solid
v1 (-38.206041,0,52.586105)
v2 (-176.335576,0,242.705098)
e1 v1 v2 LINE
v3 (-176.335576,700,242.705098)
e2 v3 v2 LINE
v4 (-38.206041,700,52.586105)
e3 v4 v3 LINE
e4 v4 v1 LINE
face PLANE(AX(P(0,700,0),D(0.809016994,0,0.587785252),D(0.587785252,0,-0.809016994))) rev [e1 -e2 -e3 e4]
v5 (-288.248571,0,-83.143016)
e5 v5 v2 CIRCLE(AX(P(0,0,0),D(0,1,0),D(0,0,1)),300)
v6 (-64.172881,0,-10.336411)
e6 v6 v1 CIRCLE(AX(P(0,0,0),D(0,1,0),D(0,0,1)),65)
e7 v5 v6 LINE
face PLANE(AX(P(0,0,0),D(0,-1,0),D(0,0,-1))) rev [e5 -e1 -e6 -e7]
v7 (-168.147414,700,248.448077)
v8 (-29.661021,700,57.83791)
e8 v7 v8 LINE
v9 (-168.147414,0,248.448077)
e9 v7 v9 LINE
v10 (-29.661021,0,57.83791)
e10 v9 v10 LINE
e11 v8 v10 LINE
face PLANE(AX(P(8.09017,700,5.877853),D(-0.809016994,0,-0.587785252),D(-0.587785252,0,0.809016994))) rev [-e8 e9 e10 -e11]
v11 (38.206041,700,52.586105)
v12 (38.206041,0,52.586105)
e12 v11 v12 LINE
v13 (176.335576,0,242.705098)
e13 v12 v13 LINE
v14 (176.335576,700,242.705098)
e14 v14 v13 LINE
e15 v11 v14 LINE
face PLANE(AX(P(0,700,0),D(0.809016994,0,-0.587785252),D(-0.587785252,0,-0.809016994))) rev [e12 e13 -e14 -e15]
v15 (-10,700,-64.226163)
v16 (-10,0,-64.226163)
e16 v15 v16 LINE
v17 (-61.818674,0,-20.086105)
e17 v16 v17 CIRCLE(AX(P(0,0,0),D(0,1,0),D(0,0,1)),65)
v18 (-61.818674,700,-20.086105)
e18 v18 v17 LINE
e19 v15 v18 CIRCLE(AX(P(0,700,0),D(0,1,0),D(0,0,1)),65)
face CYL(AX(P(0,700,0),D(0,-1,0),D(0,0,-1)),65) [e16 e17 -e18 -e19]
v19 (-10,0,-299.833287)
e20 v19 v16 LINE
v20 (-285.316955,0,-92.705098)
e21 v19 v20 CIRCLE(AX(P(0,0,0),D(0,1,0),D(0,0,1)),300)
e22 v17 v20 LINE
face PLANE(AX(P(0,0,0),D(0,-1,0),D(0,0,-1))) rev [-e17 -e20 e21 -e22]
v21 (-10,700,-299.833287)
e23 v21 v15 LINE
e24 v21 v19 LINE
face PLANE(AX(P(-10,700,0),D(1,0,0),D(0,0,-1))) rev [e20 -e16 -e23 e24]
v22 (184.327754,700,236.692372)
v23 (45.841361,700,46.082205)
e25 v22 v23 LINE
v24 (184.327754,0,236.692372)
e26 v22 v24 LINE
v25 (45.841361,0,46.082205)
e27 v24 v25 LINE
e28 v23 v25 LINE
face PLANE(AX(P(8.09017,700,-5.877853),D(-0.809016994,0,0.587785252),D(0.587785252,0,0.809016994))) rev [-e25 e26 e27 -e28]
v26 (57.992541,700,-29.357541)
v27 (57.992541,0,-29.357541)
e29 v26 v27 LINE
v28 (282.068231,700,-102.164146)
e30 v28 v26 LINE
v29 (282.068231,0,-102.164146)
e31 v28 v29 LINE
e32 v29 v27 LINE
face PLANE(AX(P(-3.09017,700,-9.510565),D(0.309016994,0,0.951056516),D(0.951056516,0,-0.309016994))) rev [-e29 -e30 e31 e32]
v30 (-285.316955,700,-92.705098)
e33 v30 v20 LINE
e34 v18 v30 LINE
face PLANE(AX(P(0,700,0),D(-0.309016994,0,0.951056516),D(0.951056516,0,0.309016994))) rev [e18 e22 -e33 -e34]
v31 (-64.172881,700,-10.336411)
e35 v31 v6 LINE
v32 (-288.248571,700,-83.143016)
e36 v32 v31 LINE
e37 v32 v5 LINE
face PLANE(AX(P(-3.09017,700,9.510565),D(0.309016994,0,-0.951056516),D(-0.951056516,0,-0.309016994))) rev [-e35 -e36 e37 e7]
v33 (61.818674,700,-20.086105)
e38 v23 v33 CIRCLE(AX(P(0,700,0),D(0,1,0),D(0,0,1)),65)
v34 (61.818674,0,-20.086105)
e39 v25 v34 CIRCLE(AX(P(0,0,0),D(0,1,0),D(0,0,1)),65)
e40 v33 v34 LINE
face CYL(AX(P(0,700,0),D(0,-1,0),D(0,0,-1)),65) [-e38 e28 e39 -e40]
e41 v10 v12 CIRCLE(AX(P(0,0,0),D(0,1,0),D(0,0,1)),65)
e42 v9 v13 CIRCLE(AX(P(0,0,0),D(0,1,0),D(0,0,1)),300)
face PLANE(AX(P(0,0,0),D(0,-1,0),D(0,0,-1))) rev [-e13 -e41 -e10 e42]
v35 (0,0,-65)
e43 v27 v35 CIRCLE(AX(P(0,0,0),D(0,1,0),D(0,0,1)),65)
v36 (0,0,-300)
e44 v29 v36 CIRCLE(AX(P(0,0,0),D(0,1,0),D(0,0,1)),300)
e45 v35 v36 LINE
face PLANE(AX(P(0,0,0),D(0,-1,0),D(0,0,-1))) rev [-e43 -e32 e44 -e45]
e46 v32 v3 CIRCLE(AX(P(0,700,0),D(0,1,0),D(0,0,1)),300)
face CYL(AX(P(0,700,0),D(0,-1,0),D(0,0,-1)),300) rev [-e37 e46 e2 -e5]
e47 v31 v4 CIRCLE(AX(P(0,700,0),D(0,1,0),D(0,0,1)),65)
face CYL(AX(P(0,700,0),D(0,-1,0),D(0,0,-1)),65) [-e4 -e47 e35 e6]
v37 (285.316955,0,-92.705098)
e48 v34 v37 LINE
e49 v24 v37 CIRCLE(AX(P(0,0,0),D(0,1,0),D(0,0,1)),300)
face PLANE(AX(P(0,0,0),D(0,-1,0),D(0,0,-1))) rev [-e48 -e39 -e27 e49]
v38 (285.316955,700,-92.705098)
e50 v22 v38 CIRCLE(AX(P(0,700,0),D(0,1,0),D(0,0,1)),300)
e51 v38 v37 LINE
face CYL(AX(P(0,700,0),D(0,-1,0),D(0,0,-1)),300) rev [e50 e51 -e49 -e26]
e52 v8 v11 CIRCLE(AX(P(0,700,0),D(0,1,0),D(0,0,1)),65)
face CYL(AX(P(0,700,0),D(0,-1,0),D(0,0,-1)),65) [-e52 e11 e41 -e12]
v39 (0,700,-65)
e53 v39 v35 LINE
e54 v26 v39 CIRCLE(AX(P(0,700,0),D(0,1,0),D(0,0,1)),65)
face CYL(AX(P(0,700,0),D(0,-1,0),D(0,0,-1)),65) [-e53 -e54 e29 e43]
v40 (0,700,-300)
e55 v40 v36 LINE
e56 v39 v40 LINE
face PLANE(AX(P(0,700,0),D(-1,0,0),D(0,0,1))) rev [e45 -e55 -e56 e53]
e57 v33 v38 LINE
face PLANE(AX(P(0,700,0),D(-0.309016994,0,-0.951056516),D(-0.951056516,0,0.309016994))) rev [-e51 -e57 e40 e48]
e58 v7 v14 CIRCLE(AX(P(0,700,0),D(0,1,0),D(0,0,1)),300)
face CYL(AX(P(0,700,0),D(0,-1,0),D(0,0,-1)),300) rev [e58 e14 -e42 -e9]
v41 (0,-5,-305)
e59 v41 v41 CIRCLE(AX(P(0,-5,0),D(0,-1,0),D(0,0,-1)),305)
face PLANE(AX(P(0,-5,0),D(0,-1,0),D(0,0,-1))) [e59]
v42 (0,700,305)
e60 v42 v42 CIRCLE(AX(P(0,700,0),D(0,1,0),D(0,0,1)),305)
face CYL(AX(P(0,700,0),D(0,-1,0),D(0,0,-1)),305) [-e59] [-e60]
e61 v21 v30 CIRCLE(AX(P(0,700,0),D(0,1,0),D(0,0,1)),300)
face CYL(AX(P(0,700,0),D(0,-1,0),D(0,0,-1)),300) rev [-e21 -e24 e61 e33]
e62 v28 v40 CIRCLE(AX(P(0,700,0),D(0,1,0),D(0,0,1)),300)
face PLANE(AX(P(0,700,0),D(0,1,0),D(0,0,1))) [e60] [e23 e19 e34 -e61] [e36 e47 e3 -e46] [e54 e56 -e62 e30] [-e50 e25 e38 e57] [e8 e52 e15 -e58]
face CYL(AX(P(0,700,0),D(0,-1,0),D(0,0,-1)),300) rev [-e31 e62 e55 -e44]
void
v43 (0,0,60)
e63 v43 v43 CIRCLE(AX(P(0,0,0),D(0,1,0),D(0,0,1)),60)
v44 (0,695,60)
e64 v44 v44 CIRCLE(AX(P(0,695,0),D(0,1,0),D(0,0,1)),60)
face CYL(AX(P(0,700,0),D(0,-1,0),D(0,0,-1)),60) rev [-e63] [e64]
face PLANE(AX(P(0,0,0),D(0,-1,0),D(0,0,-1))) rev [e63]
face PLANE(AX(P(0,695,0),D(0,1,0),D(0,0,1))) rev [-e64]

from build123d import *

# Parameters (mm, degrees)
SKETCH3_R           = 305
SKETCH3_R_2         = 300
SKETCH3_R_3         = 65
SKETCH3_R_4         = 60
BOSS_EXTRUDE1_DEPTH = 700
BOSS_EXTRUDE2_START = 5
SKETCH4_R           = 305
BOSS_EXTRUDE2_DEPTH = 5
BOSS_EXTRUDE3_START = -5
SKETCH5_R           = 60
BOSS_EXTRUDE3_DEPTH = 5


with BuildPart() as part:
    # Sketch3 → Boss-Extrude1 (new body)
    # profile 1 of 7: a face of its own
    with BuildSketch(Plane(origin=(0, 0, 0), x_dir=(1, 0, 0), z_dir=(0, 1, 0))):
        with Locations(Location((0, 0, 0), (0, 0, 270))):
            Circle(SKETCH3_R)
        Circle(SKETCH3_R_2, mode=Mode.SUBTRACT)
    # profile 2 of 7: a face of its own
    with BuildSketch(Plane(origin=(0, 0, 0), x_dir=(1, 0, 0), z_dir=(0, 1, 0))):
        with BuildLine():
            Line((184.327754195, -236.692372149), (45.841361304, -46.082204741))
            ThreePointArc((45.841361304, -46.082204741), (42.149337524, -49.48164656), (38.206041399, -52.586104634))
            Line((38.206041399, -52.586104634), (176.335575688, -242.705098312))
            ThreePointArc((176.335575688, -242.705098312), (180.356723189, -239.732042915), (184.327754195, -236.692372149))
        make_face()
    # profile 3 of 7: a face of its own
    with BuildSketch(Plane(origin=(0, 0, 0), x_dir=(1, 0, 0), z_dir=(0, 1, 0))):
        with BuildLine():
            Line((282.068231471, 102.164146329), (57.992540793, 29.35754098))
            ThreePointArc((57.992540793, 29.35754098), (60.084703994, 24.795732413), (61.818673559, 20.086104634))
            Line((61.818673559, 20.086104634), (285.316954889, 92.705098312))
            ThreePointArc((285.316954889, 92.705098312), (283.732014095, 97.44816149), (282.068231471, 102.164146329))
        make_face()
    # profile 4 of 7: a face of its own
    with BuildSketch(Plane(origin=(0, 0, 0), x_dir=(1, 0, 0), z_dir=(0, 1, 0))):
        with BuildLine():
            ThreePointArc((-29.661021416, -57.837909787), (-34.034980801, -55.377071807), (-38.206041399, -52.586104634))
            Line((-38.206041399, -52.586104634), (-176.335575688, -242.705098312))
            ThreePointArc((-176.335575688, -242.705098312), (-172.265429064, -245.610712204), (-168.147414308, -248.448077194))
            Line((-168.147414308, -248.448077194), (-29.661021416, -57.837909787))
        make_face()
    # profile 5 of 7: a face of its own
    with BuildSketch(Plane(origin=(0, 0, 0), x_dir=(1, 0, 0), z_dir=(0, 1, 0))):
        Circle(SKETCH3_R_3)
        with Locations(Location((0, 0, 0), (0, 0, 270))):
            Circle(SKETCH3_R_4, mode=Mode.SUBTRACT)
    # profile 6 of 7: a face of its own
    with BuildSketch(Plane(origin=(0, 0, 0), x_dir=(1, 0, 0), z_dir=(0, 1, 0))):
        with BuildLine():
            ThreePointArc((-64.17288068, 10.336410655), (-63.184112466, 15.256733986), (-61.818673559, 20.086104634))
            Line((-61.818673559, 20.086104634), (-285.316954889, 92.705098312))
            ThreePointArc((-285.316954889, 92.705098312), (-286.822613438, 87.936274772), (-288.248571358, 83.143016003))
            Line((-288.248571358, 83.143016003), (-64.17288068, 10.336410655))
        make_face()
    # profile 7 of 7: a face of its own
    with BuildSketch(Plane(origin=(0, 0, 0), x_dir=(1, 0, 0), z_dir=(0, 1, 0))):
        with BuildLine():
            ThreePointArc((-10, 64.226162893), (-5.014948252, 64.806251967), (0, 65))
            Line((0, 65), (0, 300))
            ThreePointArc((0, 300), (-5.000694782, 299.958318857), (-10, 299.833287011))
            Line((-10, 299.833287011), (-10, 64.226162893))
        make_face()
    extrude(amount=BOSS_EXTRUDE1_DEPTH)

    # Sketch4 → Boss-Extrude2 (add)
    with BuildSketch(Plane.XZ.offset(BOSS_EXTRUDE2_START)):
        with Locations(Location((0, 0, 0), (0, 0, 270))):
            Circle(SKETCH4_R)
    extrude(amount=-BOSS_EXTRUDE2_DEPTH)

    # Sketch5 → Boss-Extrude3 (add)
    with BuildSketch(Plane(origin=(0, 700, 0), x_dir=(1, 0, 0), z_dir=(0, 1, 0)).offset(BOSS_EXTRUDE3_START)):
        with Locations(Location((0, 0, 0), (0, 0, 270))):
            Circle(SKETCH5_R)
    extrude(amount=BOSS_EXTRUDE3_DEPTH)


solid = part.part
